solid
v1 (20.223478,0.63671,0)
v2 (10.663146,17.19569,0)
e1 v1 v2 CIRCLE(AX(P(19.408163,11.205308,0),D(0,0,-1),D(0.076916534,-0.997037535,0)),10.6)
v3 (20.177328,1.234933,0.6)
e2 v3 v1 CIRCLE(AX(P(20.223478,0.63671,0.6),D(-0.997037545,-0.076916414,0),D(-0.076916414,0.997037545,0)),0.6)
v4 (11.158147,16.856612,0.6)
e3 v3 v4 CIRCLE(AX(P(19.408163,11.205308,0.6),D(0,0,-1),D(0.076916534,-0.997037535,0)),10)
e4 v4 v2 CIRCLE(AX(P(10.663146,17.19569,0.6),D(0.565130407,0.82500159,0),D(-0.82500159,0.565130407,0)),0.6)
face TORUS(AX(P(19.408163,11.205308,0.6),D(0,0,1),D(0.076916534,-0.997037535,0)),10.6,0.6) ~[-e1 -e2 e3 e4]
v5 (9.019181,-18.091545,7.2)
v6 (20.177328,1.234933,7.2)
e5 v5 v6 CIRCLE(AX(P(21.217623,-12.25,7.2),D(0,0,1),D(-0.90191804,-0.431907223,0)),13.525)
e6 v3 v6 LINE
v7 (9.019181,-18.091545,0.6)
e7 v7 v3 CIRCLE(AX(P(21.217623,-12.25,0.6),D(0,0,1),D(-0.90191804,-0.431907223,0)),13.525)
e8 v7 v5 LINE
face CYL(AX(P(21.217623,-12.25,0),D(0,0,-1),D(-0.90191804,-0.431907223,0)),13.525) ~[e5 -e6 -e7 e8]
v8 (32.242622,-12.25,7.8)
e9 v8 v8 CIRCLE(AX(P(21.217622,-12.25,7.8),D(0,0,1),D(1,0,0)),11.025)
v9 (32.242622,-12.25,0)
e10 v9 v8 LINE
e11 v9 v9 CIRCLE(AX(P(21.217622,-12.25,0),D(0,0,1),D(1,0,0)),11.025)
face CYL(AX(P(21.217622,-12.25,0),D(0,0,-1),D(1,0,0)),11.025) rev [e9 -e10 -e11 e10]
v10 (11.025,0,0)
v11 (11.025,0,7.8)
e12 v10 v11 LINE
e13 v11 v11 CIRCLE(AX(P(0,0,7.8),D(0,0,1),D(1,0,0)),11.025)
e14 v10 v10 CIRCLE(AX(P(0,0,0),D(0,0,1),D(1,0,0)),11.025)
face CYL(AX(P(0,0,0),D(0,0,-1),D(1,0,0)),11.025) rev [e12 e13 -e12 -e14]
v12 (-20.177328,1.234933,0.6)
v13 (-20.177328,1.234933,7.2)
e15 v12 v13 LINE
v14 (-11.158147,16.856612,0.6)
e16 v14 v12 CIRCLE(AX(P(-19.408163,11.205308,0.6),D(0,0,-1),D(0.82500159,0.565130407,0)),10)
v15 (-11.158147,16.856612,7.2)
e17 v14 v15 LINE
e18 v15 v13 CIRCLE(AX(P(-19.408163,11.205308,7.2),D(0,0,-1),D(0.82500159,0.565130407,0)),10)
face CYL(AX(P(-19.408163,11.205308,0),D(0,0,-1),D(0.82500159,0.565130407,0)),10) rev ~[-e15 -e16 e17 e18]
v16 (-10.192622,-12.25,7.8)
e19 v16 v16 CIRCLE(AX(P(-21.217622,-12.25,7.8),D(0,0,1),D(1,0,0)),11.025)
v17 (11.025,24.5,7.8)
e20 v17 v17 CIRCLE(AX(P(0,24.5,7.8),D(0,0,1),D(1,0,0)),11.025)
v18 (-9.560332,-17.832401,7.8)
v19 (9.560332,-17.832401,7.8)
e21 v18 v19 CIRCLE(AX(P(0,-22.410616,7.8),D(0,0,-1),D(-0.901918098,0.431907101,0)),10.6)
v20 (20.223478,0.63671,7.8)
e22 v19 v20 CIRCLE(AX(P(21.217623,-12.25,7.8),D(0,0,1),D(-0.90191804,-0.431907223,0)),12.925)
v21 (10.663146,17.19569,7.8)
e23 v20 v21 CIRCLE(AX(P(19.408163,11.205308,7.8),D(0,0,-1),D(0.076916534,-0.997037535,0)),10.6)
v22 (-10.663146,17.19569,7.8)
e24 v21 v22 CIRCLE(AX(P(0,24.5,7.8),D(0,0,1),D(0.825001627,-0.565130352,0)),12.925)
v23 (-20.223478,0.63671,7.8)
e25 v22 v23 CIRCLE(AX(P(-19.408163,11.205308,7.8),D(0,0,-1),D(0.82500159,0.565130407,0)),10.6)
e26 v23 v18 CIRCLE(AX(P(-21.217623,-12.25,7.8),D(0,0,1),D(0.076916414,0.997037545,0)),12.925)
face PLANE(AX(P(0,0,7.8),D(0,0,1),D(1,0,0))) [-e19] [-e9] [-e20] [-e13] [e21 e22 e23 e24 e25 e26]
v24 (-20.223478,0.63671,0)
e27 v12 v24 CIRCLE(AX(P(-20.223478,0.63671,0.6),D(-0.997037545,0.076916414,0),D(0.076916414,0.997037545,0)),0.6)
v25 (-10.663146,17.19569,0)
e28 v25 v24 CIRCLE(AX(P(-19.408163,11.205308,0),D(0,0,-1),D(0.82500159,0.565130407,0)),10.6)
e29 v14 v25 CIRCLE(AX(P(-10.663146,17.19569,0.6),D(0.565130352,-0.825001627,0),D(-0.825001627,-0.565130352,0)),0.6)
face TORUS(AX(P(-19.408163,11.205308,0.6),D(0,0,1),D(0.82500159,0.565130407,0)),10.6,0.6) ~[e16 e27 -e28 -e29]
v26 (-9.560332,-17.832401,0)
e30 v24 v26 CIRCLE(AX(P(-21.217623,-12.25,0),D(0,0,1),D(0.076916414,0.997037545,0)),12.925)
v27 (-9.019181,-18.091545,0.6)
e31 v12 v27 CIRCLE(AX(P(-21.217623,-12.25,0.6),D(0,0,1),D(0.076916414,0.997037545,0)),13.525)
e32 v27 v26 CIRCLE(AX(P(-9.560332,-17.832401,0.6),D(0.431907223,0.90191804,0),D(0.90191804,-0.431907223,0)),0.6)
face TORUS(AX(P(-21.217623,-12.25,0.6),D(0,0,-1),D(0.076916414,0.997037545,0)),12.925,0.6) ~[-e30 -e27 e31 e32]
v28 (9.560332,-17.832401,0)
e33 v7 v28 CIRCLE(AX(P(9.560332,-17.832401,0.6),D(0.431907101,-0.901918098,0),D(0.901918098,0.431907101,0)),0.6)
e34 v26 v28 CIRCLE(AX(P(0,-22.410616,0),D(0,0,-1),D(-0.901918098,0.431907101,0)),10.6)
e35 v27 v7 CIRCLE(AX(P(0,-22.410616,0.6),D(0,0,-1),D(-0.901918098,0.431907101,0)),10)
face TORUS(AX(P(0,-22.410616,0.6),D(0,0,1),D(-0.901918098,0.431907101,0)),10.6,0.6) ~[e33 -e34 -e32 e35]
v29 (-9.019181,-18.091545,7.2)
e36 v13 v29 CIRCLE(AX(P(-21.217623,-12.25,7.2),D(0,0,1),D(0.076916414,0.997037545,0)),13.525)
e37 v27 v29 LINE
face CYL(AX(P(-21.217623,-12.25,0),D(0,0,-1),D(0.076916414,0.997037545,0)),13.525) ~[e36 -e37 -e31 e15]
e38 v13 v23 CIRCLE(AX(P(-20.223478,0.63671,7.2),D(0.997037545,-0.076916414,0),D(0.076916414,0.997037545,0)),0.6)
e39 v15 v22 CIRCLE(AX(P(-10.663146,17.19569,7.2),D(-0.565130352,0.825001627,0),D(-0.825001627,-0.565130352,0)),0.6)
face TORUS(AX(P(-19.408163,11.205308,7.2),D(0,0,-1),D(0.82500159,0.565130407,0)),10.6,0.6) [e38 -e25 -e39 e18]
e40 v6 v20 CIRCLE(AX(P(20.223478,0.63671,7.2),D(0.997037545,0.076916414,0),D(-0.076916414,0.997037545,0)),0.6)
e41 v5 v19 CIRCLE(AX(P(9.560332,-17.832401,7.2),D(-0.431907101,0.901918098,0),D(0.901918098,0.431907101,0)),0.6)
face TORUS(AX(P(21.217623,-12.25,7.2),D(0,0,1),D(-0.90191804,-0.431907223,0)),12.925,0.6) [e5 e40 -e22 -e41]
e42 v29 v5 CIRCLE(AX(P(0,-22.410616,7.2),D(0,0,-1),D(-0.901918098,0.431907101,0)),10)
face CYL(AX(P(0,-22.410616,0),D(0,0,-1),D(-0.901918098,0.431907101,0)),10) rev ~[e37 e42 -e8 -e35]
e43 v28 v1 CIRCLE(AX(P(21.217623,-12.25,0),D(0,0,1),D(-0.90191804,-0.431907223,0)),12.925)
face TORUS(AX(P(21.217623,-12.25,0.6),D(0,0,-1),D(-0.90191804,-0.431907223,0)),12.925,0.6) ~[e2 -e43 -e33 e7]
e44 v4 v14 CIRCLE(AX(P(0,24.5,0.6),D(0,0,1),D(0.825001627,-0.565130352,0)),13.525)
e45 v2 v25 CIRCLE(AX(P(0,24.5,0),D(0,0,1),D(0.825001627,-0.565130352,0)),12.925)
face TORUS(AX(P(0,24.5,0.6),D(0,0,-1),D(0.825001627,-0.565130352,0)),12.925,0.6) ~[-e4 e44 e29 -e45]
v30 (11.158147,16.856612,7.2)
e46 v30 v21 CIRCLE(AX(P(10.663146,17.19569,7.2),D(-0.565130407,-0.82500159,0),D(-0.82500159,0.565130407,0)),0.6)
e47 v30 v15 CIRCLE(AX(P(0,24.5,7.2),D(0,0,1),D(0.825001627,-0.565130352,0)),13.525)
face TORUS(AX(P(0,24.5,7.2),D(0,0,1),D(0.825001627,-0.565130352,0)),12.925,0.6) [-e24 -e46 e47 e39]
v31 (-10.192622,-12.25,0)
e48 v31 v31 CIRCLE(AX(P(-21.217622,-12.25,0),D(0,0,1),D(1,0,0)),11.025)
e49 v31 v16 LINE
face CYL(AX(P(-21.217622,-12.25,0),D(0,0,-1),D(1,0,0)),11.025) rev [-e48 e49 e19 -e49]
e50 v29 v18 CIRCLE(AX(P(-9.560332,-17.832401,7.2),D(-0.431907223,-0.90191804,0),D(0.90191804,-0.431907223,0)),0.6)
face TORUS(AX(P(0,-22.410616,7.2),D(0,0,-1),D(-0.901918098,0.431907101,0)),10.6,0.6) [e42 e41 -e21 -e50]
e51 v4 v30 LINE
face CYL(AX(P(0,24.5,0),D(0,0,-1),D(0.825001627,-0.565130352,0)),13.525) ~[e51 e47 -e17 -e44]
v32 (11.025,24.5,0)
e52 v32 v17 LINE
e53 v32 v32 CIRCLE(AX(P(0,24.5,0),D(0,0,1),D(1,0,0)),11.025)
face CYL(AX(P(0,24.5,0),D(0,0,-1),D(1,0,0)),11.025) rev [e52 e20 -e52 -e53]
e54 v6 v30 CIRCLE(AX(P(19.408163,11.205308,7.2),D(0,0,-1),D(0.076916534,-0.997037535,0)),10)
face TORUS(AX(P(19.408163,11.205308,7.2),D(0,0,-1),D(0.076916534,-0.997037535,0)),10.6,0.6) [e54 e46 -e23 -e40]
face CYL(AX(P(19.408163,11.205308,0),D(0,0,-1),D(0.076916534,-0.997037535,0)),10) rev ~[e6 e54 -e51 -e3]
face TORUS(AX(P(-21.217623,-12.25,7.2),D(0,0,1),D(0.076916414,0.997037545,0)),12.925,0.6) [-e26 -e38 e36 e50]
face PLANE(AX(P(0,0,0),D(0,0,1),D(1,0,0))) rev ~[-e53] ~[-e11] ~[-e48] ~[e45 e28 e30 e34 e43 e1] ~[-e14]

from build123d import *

# Parameters (mm, degrees)
F0_R     = 11.025
F1_DEPTH = 7.8
F2_R     = 0.6


with BuildPart() as f1:
    # F0 (on Top) → F1 (new body)
    with BuildSketch(Plane.XY):
        with BuildLine():
            ThreePointArc((20.177328, 1.234933), (10.747909, 6.205308), (11.158147, 16.856612))
            ThreePointArc((11.158147, 16.856612), (0, 38.025), (-11.158147, 16.856612))
            ThreePointArc((-11.158147, 16.856612), (-10.747909, 6.205308), (-20.177328, 1.234933))
            ThreePointArc((-20.177328, 1.234933), (-32.930616, -19.0125), (-9.019181, -18.091545))
            ThreePointArc((-9.019181, -18.091545), (0, -12.410616), (9.019181, -18.091545))
            ThreePointArc((9.019181, -18.091545), (32.930616, -19.0125), (20.177328, 1.234933))
        make_face()
        with Locations((-21.217622, -12.25)):
            Circle(F0_R, mode=Mode.SUBTRACT)
        Circle(F0_R, mode=Mode.SUBTRACT)
        with Locations((21.217622, -12.25)):
            Circle(F0_R, mode=Mode.SUBTRACT)
        with Locations((0, 24.5)):
            Circle(F0_R, mode=Mode.SUBTRACT)
    extrude(amount=F1_DEPTH)

    # F2
    f2_edges = [f1.edges().sort_by_distance(p)[0] for p in [
        (-32.930616, -19.0125, 0),
        (0, -12.410616, 0),
        (-32.930616, -19.0125, 7.8),
    ]]
    fillet(f2_edges, radius=F2_R)


solid = f1.part
